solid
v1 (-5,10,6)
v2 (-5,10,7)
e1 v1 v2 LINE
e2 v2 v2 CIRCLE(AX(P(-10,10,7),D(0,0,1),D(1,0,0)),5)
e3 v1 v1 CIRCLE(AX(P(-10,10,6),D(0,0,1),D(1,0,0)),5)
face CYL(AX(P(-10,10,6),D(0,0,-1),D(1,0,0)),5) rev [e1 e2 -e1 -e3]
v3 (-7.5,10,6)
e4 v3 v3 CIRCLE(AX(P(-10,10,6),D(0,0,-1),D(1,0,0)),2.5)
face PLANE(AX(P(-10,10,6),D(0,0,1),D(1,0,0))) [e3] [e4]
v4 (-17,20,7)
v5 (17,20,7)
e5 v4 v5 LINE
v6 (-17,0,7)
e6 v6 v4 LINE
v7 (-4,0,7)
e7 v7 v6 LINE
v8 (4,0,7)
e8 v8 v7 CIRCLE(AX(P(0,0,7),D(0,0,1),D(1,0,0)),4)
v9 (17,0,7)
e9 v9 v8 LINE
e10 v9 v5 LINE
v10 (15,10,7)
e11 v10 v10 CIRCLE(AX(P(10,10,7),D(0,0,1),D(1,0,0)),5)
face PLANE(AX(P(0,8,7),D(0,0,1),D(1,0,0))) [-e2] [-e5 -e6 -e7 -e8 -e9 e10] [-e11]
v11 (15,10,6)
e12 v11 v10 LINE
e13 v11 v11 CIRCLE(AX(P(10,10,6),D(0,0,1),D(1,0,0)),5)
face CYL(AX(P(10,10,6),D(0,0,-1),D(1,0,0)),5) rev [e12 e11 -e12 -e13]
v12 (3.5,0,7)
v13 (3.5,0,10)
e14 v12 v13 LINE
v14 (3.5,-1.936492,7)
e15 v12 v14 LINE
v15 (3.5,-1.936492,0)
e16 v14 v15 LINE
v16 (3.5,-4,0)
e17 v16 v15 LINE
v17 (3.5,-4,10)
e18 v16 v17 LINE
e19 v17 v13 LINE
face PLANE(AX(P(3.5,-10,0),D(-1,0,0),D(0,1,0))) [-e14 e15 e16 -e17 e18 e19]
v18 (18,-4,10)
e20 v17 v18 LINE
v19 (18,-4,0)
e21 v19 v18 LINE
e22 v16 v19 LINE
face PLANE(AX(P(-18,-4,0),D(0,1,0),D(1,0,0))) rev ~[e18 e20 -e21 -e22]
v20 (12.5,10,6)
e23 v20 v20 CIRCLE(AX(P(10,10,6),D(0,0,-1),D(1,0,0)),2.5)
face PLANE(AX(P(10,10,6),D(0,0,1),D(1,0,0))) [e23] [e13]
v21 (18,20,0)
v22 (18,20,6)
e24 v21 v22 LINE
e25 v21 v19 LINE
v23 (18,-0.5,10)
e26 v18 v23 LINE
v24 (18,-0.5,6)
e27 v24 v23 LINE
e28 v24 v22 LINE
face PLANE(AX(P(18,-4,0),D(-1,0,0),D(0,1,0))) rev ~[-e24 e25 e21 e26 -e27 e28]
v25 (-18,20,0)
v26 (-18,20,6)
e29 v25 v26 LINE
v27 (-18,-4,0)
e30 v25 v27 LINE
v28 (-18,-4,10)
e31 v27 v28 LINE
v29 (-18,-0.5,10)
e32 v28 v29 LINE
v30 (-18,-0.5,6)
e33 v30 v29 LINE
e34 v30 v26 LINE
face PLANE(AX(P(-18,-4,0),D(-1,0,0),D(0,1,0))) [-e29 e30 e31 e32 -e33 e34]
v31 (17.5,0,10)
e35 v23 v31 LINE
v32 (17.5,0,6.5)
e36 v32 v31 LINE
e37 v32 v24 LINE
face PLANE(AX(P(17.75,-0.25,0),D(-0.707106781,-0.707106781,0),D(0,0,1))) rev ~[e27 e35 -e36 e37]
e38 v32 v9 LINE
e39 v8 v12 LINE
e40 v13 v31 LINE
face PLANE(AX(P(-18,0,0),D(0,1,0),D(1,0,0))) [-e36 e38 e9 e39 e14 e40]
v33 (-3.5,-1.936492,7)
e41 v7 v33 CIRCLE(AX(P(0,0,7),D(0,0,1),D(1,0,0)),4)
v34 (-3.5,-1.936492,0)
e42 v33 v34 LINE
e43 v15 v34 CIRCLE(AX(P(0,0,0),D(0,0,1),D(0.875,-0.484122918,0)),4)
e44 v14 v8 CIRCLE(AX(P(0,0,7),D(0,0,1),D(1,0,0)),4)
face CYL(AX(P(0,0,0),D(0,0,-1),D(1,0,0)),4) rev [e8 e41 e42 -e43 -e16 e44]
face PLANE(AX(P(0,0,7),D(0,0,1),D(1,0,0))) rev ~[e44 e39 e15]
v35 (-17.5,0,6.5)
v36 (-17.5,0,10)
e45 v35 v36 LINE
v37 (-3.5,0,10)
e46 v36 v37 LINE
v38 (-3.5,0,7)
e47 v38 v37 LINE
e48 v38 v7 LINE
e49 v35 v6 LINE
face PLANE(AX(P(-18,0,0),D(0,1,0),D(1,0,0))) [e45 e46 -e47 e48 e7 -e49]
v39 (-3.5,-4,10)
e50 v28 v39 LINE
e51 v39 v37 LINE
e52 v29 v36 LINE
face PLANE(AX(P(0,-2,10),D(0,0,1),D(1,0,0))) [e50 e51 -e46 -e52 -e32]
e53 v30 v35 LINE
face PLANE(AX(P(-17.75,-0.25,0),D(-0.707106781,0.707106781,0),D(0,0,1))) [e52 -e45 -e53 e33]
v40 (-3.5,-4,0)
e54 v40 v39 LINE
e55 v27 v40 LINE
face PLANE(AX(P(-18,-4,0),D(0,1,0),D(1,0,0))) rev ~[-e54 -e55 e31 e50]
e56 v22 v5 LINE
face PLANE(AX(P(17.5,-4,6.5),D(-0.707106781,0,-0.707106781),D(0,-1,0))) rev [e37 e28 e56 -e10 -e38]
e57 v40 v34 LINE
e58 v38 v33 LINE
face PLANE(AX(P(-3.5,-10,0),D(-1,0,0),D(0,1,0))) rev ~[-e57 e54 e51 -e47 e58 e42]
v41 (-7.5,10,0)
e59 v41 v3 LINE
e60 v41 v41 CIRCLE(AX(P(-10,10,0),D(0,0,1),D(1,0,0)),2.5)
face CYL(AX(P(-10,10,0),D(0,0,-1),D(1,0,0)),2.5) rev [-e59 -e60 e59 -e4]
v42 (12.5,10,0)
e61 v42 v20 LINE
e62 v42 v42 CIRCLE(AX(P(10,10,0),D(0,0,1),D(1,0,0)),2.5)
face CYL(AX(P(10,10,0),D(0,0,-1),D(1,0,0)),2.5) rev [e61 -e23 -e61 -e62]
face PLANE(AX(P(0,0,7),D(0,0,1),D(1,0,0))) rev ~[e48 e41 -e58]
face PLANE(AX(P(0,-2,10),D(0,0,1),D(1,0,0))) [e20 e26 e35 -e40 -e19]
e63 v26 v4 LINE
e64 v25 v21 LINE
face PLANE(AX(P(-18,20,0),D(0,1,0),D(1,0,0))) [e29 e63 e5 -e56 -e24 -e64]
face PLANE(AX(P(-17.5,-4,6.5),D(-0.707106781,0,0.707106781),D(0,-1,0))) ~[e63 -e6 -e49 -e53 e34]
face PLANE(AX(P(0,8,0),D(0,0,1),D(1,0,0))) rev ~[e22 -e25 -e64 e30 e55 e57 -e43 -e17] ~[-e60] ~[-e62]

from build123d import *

# Parameters (mm, degrees)
BOX010_W          = 7
BOX010_H          = 10
BOX010_DEPTH      = 10
CYLINDER007_R     = 4
CYLINDER007_DEPTH = 7
CYLINDER012_R     = 2.5
CYLINDER012_DEPTH = 10
CYLINDER010_R     = 5
CYLINDER010_DEPTH = 1
CYLINDER009_R     = 5
CYLINDER009_DEPTH = 1
CYLINDER011_R     = 2.5
CYLINDER011_DEPTH = 10
BOX009_W          = 36
BOX009_H          = 4
BOX009_DEPTH      = 10
CHAMFER003_SIZE   = 0.5
BOX008_W          = 36
BOX008_H          = 24
BOX008_DEPTH      = 7
CHAMFER004_SIZE   = 1


with BuildPart() as cube010:
    # Box010 → Box010 (new body)
    with BuildSketch(Plane(origin=(-3.5, -10, 0), x_dir=(1, 0, 0), z_dir=(0, 0, 1))):
        with Locations((3.5, 5)):
            Rectangle(BOX010_W, BOX010_H)
    extrude(amount=BOX010_DEPTH)


with BuildPart() as cylinder007:
    # Cylinder007 → Cylinder007 (new body)
    with BuildSketch(Plane.XY):
        Circle(CYLINDER007_R)
    extrude(amount=CYLINDER007_DEPTH)


with BuildPart() as cylinder012:
    # Cylinder012 → Cylinder012 (new body)
    with BuildSketch(Plane(origin=(-10, 10, 0), x_dir=(1, 0, 0), z_dir=(0, 0, 1))):
        Circle(CYLINDER012_R)
    extrude(amount=CYLINDER012_DEPTH)


with BuildPart() as fusion003003003:
    # Cylinder010 → Cylinder010 (new body)
    with BuildSketch(Plane(origin=(-10, 10, 6), x_dir=(1, 0, 0), z_dir=(0, 0, 1))):
        Circle(CYLINDER010_R)
    extrude(amount=CYLINDER010_DEPTH)

    # Fusion003003003: union Cylinder012
    add(cylinder012.part)


with BuildPart() as cylinder009:
    # Cylinder009 → Cylinder009 (new body)
    with BuildSketch(Plane(origin=(10, 10, 6), x_dir=(1, 0, 0), z_dir=(0, 0, 1))):
        Circle(CYLINDER009_R)
    extrude(amount=CYLINDER009_DEPTH)


with BuildPart() as fusion003003002:
    # Cylinder011 → Cylinder011 (new body)
    with BuildSketch(Plane(origin=(10, 10, 0), x_dir=(1, 0, 0), z_dir=(0, 0, 1))):
        Circle(CYLINDER011_R)
    extrude(amount=CYLINDER011_DEPTH)

    # Fusion003003002: union Cylinder009
    add(cylinder009.part)


with BuildPart() as chamfer003:
    # Box009 → Box009 (new body)
    with BuildSketch(Plane(origin=(-18, -4, 0), x_dir=(1, 0, 0), z_dir=(0, 0, 1))):
        with Locations((18, 2)):
            Rectangle(BOX009_W, BOX009_H)
    extrude(amount=BOX009_DEPTH)

    # Chamfer003
    chamfer003_edges = [chamfer003.edges().sort_by_distance(p)[0] for p in [
        (-18, 0, 5),
        (18, 0, 5),
    ]]
    chamfer(chamfer003_edges, length=CHAMFER003_SIZE)


with BuildPart() as cut017:
    # Box008 → Box008 (new body)
    with BuildSketch(Plane(origin=(-18, -4, 0), x_dir=(1, 0, 0), z_dir=(0, 0, 1))):
        with Locations((18, 12)):
            Rectangle(BOX008_W, BOX008_H)
    extrude(amount=BOX008_DEPTH)

    # Chamfer004
    chamfer004_edges = [cut017.edges().sort_by_distance(p)[0] for p in [
        (-18, 8, 7),
        (18, 8, 7),
    ]]
    chamfer(chamfer004_edges, length=CHAMFER004_SIZE)

    # Fusion003003004: union Chamfer003
    add(chamfer003.part)

    # Cut014: cut Fusion003003002
    add(fusion003003002.part, mode=Mode.SUBTRACT)

    # Cut015: cut Fusion003003003
    add(fusion003003003.part, mode=Mode.SUBTRACT)

    # Cut016: cut Cylinder007
    add(cylinder007.part, mode=Mode.SUBTRACT)

    # Cut017: cut Cube010
    add(cube010.part, mode=Mode.SUBTRACT)


solid = cut017.part
